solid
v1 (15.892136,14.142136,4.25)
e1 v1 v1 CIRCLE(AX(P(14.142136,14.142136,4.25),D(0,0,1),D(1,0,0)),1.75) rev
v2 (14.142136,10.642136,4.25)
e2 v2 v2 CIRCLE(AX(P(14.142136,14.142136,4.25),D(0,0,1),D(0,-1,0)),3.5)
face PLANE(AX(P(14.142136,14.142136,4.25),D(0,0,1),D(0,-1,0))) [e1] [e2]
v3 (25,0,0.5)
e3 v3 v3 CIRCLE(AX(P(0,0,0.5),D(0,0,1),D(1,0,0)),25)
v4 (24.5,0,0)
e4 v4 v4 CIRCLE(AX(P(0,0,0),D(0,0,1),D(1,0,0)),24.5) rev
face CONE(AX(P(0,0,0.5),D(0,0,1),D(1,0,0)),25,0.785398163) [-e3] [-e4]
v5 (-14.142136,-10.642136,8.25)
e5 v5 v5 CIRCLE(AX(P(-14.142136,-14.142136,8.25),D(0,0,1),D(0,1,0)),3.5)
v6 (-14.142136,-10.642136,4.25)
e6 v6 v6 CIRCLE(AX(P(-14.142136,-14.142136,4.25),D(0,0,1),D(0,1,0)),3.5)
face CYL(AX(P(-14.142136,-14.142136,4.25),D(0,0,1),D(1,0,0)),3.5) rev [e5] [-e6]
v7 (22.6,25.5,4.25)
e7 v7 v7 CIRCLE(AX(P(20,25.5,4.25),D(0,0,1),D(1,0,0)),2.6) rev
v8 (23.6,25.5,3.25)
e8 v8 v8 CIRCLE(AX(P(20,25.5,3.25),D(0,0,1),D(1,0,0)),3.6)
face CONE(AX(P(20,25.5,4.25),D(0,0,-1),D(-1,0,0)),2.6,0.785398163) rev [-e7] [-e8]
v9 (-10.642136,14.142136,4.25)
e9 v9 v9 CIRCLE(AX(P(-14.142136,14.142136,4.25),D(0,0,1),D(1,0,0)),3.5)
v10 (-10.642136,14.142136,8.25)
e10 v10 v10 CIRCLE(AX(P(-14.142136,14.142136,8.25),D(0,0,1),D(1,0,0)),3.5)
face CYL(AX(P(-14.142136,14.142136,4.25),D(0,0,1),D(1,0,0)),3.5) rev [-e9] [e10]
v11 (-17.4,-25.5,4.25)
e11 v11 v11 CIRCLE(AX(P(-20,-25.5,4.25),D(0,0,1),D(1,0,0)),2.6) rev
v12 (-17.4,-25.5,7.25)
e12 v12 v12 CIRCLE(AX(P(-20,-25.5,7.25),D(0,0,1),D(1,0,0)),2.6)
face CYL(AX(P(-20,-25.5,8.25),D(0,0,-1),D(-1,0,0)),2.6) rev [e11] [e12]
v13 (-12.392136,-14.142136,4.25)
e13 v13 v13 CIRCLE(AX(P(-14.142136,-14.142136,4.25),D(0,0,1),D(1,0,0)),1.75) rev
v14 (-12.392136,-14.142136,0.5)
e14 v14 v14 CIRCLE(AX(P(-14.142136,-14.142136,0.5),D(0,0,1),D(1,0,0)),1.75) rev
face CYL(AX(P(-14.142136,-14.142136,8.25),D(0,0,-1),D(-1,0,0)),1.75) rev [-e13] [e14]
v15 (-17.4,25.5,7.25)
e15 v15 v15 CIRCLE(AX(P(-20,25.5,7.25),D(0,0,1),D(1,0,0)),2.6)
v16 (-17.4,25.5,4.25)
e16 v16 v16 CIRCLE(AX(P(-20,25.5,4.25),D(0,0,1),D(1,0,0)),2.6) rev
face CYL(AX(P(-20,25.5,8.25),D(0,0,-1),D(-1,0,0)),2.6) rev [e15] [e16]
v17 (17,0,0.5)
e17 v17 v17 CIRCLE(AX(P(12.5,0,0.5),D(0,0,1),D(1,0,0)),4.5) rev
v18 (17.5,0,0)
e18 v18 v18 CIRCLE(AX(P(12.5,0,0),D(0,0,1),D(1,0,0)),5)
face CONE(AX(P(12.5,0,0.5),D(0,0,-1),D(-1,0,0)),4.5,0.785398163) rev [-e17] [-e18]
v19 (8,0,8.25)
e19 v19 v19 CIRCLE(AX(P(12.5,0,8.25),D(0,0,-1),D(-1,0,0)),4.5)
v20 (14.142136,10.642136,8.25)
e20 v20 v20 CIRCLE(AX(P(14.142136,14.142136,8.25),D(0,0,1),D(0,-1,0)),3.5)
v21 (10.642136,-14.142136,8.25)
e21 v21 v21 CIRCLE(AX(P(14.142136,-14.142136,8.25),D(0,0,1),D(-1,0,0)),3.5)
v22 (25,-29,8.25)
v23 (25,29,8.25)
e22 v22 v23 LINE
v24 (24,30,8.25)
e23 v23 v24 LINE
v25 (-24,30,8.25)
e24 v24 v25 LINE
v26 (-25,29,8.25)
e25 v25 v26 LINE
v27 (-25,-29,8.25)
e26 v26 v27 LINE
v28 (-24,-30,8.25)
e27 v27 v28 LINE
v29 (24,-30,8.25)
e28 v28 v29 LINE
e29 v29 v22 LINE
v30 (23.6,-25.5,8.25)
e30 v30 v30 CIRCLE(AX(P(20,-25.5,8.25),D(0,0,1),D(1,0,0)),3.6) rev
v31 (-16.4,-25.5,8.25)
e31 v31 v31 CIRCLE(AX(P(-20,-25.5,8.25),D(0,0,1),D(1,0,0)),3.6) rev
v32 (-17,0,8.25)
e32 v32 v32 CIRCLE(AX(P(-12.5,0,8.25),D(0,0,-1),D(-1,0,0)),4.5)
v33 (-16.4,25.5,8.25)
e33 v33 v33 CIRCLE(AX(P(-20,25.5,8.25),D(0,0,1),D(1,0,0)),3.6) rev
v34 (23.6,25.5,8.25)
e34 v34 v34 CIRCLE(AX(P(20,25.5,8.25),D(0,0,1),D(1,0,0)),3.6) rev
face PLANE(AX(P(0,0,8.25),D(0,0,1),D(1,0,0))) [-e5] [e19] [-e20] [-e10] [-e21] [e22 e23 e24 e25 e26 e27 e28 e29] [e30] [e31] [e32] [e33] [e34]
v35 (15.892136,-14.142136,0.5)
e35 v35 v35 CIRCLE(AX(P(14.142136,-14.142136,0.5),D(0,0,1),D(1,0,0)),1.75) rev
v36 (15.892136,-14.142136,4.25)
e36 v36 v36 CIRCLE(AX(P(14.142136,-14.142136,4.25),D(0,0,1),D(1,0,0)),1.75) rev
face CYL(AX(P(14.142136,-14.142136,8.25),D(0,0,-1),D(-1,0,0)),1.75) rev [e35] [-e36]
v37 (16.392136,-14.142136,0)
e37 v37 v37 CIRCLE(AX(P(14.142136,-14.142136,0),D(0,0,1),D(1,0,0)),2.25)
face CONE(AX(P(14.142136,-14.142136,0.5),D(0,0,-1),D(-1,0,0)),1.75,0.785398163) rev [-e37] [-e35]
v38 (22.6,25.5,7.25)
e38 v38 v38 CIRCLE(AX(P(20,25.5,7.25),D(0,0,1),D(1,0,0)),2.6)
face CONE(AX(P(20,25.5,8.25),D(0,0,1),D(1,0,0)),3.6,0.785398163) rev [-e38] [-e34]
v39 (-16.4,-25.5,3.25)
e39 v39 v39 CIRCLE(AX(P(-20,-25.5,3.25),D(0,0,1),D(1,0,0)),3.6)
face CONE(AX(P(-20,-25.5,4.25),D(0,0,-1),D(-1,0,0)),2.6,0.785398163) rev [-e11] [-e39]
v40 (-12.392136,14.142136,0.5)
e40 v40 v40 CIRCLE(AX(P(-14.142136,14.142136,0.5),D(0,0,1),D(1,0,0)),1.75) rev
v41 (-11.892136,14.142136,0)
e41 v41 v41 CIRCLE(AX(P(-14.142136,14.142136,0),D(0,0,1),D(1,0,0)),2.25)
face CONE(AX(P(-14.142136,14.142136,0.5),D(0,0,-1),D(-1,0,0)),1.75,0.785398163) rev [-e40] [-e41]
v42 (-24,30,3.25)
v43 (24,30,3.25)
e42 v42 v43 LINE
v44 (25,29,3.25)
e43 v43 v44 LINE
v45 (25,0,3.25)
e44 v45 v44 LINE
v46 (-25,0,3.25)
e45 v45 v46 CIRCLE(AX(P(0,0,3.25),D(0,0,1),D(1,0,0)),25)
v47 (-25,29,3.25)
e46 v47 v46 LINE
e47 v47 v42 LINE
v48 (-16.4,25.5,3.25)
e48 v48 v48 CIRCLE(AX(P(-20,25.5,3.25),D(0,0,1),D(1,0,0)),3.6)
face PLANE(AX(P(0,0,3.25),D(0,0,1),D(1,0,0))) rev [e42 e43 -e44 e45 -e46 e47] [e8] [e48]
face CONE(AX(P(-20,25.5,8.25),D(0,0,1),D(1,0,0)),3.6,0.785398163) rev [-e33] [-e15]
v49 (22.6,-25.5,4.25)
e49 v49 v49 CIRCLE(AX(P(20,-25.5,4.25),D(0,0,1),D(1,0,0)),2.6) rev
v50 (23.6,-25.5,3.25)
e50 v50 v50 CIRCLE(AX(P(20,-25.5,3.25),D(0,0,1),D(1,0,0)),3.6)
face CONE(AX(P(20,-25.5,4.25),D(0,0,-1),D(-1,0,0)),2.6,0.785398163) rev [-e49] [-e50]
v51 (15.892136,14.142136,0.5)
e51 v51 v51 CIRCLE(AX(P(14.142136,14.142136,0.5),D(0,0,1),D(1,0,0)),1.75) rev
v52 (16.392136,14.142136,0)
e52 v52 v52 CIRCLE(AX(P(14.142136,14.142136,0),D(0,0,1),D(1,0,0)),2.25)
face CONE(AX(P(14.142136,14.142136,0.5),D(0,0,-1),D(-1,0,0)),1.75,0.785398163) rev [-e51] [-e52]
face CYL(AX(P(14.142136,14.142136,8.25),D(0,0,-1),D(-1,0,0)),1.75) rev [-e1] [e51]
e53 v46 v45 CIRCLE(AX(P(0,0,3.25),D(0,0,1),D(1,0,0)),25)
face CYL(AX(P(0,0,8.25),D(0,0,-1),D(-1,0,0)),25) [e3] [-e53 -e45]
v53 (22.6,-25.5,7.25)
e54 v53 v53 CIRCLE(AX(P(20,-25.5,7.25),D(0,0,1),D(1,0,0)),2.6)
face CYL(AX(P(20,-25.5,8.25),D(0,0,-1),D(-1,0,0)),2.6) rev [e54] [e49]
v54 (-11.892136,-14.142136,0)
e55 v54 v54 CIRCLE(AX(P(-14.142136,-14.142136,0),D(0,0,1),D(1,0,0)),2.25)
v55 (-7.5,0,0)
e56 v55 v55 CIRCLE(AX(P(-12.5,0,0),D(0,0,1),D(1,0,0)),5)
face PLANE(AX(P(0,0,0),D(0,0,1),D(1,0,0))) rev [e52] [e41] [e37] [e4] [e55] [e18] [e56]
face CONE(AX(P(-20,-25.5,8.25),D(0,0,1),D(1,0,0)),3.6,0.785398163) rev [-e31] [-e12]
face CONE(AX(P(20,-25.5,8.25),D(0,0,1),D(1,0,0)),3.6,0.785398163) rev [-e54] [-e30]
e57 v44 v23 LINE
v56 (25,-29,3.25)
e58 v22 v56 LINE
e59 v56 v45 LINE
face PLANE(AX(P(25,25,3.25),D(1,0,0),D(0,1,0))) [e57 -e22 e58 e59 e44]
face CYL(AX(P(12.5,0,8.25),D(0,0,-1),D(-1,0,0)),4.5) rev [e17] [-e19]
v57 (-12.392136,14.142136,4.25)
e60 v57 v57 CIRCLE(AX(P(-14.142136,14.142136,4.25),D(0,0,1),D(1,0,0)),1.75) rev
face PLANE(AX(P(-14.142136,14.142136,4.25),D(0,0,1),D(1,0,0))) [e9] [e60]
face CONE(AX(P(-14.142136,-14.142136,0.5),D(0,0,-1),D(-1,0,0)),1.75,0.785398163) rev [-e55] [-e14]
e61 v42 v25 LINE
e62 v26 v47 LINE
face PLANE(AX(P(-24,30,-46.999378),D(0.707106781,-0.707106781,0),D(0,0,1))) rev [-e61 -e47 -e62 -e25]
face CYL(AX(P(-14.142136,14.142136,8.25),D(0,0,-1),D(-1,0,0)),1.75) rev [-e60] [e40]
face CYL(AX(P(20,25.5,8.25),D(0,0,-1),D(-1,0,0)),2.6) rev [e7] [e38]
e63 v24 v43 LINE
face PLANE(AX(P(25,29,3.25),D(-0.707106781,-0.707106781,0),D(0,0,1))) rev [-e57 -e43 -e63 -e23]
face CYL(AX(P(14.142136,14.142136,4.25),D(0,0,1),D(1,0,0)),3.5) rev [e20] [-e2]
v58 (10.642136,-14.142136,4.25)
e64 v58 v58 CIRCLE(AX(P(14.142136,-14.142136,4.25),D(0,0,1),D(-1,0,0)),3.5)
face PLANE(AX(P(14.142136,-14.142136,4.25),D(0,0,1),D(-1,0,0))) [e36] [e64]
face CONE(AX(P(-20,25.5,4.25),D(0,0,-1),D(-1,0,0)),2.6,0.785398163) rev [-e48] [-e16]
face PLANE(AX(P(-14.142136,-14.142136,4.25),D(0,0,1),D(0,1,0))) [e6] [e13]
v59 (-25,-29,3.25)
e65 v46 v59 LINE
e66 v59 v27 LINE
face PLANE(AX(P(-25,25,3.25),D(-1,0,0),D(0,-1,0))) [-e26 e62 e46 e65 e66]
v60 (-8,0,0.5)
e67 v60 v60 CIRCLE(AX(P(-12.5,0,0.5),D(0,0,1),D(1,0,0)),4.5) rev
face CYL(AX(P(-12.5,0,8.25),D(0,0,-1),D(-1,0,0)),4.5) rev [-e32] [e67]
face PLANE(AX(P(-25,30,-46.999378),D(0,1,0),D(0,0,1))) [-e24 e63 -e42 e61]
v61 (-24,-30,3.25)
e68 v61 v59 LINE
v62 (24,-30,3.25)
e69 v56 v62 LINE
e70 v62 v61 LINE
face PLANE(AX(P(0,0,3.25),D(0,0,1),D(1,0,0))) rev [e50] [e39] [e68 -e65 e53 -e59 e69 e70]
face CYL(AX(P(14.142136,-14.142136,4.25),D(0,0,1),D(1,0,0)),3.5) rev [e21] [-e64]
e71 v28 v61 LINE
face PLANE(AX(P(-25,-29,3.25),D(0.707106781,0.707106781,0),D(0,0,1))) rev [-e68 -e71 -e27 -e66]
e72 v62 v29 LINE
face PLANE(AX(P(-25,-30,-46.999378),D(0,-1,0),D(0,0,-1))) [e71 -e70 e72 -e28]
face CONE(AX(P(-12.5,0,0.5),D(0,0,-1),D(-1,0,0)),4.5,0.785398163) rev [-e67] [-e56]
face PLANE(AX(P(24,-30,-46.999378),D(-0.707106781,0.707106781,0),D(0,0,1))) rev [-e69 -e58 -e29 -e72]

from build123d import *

# Parameters (mm, degrees)
SKETCH1_R           = 25
BOSS_EXTRUDE1_DEPTH = 8.25
SKETCH2_W           = 50
SKETCH2_H           = 50
BOSS_EXTRUDE2_DEPTH = 5
SKETCH3_R           = 4.5
SKETCH3_R_2         = 1.75
CUT_EXTRUDE1_DEPTH  = 37.305130491
SKETCH5_R           = 3.5
CUT_EXTRUDE3_DEPTH  = 4
CIRPATTERN2_COUNT   = 4
CHAMFER2_SIZE       = 0.5
SKETCH6_W           = 50
SKETCH6_H           = 5
BOSS_EXTRUDE3_DEPTH = 5
SKETCH7_R           = 2.6
CUT_EXTRUDE4_DEPTH  = 40.37003937
CHAMFER3_SIZE       = 1


with BuildPart() as part:
    # Sketch1 → Boss-Extrude1 (new body)
    with BuildSketch(Plane.XY):
        Circle(SKETCH1_R)
    extrude(amount=BOSS_EXTRUDE1_DEPTH)

    # Sketch2 → Boss-Extrude2 (add)
    with BuildSketch(Plane.XY.offset(8.25)):
        Rectangle(SKETCH2_W, SKETCH2_H)
    extrude(amount=-BOSS_EXTRUDE2_DEPTH)

    # Sketch3 → Cut-Extrude1 (cut, through all)
    with BuildSketch(Plane(origin=(0, 0, 0), x_dir=(-1, 0, 0), z_dir=(0, 0, -1))):
        with Locations((12.5, 0)):
            Circle(SKETCH3_R)
        with Locations((-12.5, 0)):
            Circle(SKETCH3_R)
        with Locations((-14.142135624, 14.142135624)):
            Circle(SKETCH3_R_2)
        with Locations((14.142135624, 14.142135624)):
            Circle(SKETCH3_R_2)
        with Locations((14.142135624, -14.142135624)):
            Circle(SKETCH3_R_2)
        with Locations((-14.142135624, -14.142135624)):
            Circle(SKETCH3_R_2)
    extrude(amount=-CUT_EXTRUDE1_DEPTH, mode=Mode.SUBTRACT)

    # Sketch5 → Cut-Extrude3 (cut)
    with BuildSketch(Plane.XY.offset(8.25)):
        with Locations((-14.142135624, 14.142135624)):
            Circle(SKETCH5_R)
    cut_extrude3 = extrude(amount=-CUT_EXTRUDE3_DEPTH, mode=Mode.SUBTRACT)

    # CirPattern2: Cut-Extrude3 ×4 about axis
    cirpattern2_axis = Axis((0, 0, 0), (0, 0, 1))
    for i in range(1, CIRPATTERN2_COUNT):
        add(cut_extrude3.rotate(cirpattern2_axis, i * 360 / CIRPATTERN2_COUNT), mode=Mode.SUBTRACT)

    # Chamfer2
    chamfer2_edges = [part.edges().sort_by_distance(p)[0] for p in [
        (-25, 0, 0),
        (17, 0, 0),
        (15.892135624, 14.142135624, 0),
        (-12.392135624, 14.142135624, 0),
        (-12.392135624, -14.142135624, 0),
        (15.892135624, -14.142135624, 0),
        (-8, 0, 0),
    ]]
    chamfer(chamfer2_edges, length=CHAMFER2_SIZE)

    # Sketch6 → Boss-Extrude3 (add)
    with BuildSketch(Plane.XY.offset(8.25)):
        with Locations((0, 27.5)):
            Rectangle(SKETCH6_W, SKETCH6_H)
        with Locations((0, -27.5)):
            Rectangle(SKETCH6_W, SKETCH6_H)
    extrude(amount=-BOSS_EXTRUDE3_DEPTH)

    # Sketch7 → Cut-Extrude4 (cut, through all)
    with BuildSketch(Plane(origin=(0, 0, 3.25), x_dir=(-1, 0, 0), z_dir=(0, 0, -1))):
        with Locations((-20, 25.5)):
            Circle(SKETCH7_R)
        with Locations((20, 25.5)):
            Circle(SKETCH7_R)
        with Locations((20, -25.5)):
            Circle(SKETCH7_R)
        with Locations((-20, -25.5)):
            Circle(SKETCH7_R)
    extrude(amount=-CUT_EXTRUDE4_DEPTH, mode=Mode.SUBTRACT)

    # Chamfer3
    chamfer3_edges = [part.edges().sort_by_distance(p)[0] for p in [
        (-25, 30, 5.75),
        (25, 30, 5.75),
        (-25, -30, 5.75),
        (25, -30, 5.75),
        (22.6, -25.5, 8.25),
        (22.6, -25.5, 3.25),
        (-17.4, -25.5, 8.25),
        (-17.4, -25.5, 3.25),
        (-17.4, 25.5, 8.25),
        (-17.4, 25.5, 3.25),
        (22.6, 25.5, 8.25),
        (22.6, 25.5, 3.25),
    ]]
    chamfer(chamfer3_edges, length=CHAMFER3_SIZE)


solid = part.part
